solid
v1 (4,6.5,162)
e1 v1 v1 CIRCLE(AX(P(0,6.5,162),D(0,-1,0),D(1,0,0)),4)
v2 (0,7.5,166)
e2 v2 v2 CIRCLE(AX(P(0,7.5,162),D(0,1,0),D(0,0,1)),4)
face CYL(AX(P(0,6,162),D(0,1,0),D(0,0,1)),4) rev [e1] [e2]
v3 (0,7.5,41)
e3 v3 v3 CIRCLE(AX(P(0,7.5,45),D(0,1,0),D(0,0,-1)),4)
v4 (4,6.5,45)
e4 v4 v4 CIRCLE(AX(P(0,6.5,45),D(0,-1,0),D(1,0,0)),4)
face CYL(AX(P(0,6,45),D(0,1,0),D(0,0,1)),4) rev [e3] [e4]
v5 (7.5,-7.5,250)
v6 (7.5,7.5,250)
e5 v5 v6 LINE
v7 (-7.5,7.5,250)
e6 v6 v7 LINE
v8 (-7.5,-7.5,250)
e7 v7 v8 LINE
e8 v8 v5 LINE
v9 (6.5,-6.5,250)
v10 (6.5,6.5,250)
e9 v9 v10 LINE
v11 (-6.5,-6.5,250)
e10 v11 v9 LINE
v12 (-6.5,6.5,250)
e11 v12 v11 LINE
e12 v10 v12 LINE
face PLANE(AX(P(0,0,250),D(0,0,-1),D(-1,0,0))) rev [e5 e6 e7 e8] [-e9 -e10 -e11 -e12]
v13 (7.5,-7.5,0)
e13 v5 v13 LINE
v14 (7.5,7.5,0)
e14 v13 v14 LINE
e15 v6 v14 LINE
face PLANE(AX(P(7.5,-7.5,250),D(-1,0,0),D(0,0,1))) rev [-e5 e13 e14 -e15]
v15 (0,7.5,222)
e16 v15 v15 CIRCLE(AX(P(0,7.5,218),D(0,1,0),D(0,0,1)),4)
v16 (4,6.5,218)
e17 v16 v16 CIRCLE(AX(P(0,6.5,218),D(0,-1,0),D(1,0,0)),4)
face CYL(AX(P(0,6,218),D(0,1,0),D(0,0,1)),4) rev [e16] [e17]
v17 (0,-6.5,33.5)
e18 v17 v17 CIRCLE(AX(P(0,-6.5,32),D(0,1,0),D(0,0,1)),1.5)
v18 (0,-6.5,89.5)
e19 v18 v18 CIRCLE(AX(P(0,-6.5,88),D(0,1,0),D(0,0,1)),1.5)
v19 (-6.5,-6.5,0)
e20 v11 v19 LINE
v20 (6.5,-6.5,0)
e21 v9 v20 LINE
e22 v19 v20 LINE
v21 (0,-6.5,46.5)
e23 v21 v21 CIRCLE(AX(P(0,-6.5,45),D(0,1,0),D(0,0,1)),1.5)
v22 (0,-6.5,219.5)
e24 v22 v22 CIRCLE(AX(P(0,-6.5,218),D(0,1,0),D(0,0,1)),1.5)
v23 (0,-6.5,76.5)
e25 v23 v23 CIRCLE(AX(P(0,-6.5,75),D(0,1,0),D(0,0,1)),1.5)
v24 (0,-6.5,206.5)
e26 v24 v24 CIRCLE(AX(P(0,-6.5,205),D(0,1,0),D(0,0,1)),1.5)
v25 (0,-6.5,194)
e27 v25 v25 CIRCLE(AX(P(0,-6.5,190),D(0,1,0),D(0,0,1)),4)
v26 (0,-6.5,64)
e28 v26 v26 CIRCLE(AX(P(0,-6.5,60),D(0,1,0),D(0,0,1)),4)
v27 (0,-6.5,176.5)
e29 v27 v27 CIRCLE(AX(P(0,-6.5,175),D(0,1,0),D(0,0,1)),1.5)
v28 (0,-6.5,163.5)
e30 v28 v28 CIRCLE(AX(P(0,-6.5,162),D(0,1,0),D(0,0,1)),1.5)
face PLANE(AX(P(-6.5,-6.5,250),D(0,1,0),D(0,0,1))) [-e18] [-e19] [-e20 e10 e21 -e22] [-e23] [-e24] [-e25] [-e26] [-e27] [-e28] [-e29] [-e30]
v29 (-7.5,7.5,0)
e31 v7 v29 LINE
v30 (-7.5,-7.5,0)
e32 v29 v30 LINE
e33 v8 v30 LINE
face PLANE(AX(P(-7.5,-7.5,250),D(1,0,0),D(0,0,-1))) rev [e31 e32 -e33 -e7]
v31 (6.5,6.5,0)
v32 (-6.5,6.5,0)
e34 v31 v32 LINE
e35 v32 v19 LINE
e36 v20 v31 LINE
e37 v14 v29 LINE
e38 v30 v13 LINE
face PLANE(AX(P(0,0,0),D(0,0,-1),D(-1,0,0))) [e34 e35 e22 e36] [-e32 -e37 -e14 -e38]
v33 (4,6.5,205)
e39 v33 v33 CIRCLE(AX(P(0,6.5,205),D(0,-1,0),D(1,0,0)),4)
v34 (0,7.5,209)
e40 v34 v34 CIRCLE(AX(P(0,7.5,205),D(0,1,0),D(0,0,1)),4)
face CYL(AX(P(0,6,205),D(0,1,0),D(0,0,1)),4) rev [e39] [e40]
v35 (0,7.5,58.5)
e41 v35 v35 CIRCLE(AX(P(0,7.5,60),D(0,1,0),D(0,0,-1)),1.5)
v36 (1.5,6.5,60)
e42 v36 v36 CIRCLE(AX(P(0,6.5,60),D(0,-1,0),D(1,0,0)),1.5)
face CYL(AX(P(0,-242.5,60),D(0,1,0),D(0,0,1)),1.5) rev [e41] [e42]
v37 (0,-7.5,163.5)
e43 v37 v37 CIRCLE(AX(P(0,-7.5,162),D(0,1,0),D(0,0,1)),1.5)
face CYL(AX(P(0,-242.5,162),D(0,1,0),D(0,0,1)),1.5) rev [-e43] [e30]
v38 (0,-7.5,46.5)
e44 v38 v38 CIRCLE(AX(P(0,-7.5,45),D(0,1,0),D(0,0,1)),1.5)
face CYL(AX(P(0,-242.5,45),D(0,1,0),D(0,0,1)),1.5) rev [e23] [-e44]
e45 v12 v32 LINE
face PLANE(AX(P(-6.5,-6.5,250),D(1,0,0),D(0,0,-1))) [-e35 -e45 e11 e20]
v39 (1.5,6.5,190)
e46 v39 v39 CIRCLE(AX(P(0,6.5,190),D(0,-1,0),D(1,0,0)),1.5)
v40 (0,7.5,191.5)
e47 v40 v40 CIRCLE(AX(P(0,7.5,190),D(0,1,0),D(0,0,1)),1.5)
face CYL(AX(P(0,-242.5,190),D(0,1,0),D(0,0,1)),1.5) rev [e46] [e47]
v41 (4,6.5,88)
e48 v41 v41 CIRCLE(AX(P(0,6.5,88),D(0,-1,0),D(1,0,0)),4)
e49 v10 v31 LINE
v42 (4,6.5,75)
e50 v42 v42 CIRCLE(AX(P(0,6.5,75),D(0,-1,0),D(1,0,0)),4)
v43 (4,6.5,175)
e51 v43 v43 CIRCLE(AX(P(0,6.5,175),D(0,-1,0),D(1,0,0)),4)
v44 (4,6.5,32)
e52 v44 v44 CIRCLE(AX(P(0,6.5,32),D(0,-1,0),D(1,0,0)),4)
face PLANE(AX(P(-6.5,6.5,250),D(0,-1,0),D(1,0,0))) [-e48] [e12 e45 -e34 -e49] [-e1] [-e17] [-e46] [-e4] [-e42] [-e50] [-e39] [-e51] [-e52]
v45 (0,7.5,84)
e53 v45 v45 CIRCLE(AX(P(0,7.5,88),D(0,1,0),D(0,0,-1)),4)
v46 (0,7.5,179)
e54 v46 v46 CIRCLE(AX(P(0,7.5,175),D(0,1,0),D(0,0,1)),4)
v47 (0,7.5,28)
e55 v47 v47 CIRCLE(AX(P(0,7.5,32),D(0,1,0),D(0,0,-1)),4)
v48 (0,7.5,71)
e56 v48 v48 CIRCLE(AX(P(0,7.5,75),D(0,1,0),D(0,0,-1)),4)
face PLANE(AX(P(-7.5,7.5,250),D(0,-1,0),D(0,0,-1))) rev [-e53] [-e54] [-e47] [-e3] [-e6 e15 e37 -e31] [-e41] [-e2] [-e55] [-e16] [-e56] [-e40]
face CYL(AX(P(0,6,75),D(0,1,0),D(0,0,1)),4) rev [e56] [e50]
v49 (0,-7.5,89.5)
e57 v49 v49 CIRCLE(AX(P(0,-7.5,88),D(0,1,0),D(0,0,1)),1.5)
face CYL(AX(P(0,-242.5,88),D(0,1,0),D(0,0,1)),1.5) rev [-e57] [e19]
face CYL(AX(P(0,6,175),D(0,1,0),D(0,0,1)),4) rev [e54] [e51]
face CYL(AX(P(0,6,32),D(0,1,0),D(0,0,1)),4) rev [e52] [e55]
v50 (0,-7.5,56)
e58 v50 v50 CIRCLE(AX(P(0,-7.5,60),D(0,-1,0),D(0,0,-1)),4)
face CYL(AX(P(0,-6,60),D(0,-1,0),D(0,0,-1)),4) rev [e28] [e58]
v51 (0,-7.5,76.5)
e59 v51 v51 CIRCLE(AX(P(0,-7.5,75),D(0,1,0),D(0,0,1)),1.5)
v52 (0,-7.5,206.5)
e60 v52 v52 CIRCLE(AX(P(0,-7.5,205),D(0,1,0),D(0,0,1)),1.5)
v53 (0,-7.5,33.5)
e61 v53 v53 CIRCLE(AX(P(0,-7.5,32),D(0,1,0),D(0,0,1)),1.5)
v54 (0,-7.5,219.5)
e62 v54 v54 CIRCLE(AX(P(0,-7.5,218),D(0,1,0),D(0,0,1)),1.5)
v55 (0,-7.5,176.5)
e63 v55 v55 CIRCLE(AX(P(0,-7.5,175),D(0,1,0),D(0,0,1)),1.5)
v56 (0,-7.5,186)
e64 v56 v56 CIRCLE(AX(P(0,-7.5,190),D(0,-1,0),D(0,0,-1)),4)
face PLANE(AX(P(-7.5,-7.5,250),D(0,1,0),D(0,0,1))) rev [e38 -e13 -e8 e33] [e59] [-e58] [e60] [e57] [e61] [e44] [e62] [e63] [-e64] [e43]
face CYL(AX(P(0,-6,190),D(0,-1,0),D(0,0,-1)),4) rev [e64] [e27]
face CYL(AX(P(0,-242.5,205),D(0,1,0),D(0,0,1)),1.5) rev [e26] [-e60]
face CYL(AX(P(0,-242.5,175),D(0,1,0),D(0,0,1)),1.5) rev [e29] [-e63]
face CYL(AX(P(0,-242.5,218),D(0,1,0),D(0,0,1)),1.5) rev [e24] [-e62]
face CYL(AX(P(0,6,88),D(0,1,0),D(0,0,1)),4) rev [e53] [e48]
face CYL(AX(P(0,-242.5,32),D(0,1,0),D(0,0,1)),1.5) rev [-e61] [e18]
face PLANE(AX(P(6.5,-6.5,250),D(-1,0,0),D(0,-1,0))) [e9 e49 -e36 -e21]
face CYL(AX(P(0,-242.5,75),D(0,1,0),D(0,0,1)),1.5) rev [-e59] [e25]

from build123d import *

# Parameters (mm, degrees)
SKETCH_1_W          = 15
SKETCH_1_H          = 15
SKETCH_1_W_2        = 13
SKETCH_1_H_2        = 13
EXTRUDE_1_DEPTH     = 250
SKETCH_2_R          = 1.5
CUT_EXTRUDE_1_DEPTH = 250
SKETCH_3_R          = 4
CUT_EXTRUDE_2_DEPTH = 1.5
SKETCH_4_R          = 4
CUT_EXTRUDE_3_DEPTH = 1.5


with BuildPart() as part:
    # 草图1 → 凸台-拉伸1 (new body)
    with BuildSketch(Plane.XY):
        Rectangle(SKETCH_1_W, SKETCH_1_H)
        Rectangle(SKETCH_1_W_2, SKETCH_1_H_2, mode=Mode.SUBTRACT)
    extrude(amount=EXTRUDE_1_DEPTH)

    # 草图2 → 切除-拉伸1 (cut)
    with BuildSketch(Plane(origin=(0, 7.5, 0), x_dir=(1, 0, 0), z_dir=(0, 1, 0))):
        with Locations((0, -218)):
            Circle(SKETCH_2_R)
        with Locations((0, -205)):
            Circle(SKETCH_2_R)
        with Locations((0, -175)):
            Circle(SKETCH_2_R)
        with Locations((0, -162)):
            Circle(SKETCH_2_R)
        with Locations((0, -190)):
            Circle(SKETCH_2_R)
        with Locations((0, -60)):
            Circle(SKETCH_2_R)
        with Locations((0, -88)):
            Circle(SKETCH_2_R)
        with Locations((0, -75)):
            Circle(SKETCH_2_R)
        with Locations((0, -45)):
            Circle(SKETCH_2_R)
        with Locations((0, -32)):
            Circle(SKETCH_2_R)
    extrude(amount=-CUT_EXTRUDE_1_DEPTH, mode=Mode.SUBTRACT)

    # 草图3 → 切除-拉伸2 (cut)
    with BuildSketch(Plane(origin=(0, 7.5, 0), x_dir=(1, 0, 0), z_dir=(0, 1, 0))):
        with Locations((0, -218)):
            Circle(SKETCH_3_R)
        with Locations((0, -205)):
            Circle(SKETCH_3_R)
        with Locations((0, -75)):
            Circle(SKETCH_3_R)
        with Locations((0, -162)):
            Circle(SKETCH_3_R)
        with Locations((0, -175)):
            Circle(SKETCH_3_R)
        with Locations((0, -88)):
            Circle(SKETCH_3_R)
        with Locations((0, -45)):
            Circle(SKETCH_3_R)
        with Locations((0, -32)):
            Circle(SKETCH_3_R)
    extrude(amount=-CUT_EXTRUDE_2_DEPTH, mode=Mode.SUBTRACT)

    # 草图4 → 切除-拉伸3 (cut)
    with BuildSketch(Plane.XZ.offset(7.5)):
        with Locations((0, 60)):
            Circle(SKETCH_4_R)
        with Locations((0, 190)):
            Circle(SKETCH_4_R)
    extrude(amount=-CUT_EXTRUDE_3_DEPTH, mode=Mode.SUBTRACT)


solid = part.part
